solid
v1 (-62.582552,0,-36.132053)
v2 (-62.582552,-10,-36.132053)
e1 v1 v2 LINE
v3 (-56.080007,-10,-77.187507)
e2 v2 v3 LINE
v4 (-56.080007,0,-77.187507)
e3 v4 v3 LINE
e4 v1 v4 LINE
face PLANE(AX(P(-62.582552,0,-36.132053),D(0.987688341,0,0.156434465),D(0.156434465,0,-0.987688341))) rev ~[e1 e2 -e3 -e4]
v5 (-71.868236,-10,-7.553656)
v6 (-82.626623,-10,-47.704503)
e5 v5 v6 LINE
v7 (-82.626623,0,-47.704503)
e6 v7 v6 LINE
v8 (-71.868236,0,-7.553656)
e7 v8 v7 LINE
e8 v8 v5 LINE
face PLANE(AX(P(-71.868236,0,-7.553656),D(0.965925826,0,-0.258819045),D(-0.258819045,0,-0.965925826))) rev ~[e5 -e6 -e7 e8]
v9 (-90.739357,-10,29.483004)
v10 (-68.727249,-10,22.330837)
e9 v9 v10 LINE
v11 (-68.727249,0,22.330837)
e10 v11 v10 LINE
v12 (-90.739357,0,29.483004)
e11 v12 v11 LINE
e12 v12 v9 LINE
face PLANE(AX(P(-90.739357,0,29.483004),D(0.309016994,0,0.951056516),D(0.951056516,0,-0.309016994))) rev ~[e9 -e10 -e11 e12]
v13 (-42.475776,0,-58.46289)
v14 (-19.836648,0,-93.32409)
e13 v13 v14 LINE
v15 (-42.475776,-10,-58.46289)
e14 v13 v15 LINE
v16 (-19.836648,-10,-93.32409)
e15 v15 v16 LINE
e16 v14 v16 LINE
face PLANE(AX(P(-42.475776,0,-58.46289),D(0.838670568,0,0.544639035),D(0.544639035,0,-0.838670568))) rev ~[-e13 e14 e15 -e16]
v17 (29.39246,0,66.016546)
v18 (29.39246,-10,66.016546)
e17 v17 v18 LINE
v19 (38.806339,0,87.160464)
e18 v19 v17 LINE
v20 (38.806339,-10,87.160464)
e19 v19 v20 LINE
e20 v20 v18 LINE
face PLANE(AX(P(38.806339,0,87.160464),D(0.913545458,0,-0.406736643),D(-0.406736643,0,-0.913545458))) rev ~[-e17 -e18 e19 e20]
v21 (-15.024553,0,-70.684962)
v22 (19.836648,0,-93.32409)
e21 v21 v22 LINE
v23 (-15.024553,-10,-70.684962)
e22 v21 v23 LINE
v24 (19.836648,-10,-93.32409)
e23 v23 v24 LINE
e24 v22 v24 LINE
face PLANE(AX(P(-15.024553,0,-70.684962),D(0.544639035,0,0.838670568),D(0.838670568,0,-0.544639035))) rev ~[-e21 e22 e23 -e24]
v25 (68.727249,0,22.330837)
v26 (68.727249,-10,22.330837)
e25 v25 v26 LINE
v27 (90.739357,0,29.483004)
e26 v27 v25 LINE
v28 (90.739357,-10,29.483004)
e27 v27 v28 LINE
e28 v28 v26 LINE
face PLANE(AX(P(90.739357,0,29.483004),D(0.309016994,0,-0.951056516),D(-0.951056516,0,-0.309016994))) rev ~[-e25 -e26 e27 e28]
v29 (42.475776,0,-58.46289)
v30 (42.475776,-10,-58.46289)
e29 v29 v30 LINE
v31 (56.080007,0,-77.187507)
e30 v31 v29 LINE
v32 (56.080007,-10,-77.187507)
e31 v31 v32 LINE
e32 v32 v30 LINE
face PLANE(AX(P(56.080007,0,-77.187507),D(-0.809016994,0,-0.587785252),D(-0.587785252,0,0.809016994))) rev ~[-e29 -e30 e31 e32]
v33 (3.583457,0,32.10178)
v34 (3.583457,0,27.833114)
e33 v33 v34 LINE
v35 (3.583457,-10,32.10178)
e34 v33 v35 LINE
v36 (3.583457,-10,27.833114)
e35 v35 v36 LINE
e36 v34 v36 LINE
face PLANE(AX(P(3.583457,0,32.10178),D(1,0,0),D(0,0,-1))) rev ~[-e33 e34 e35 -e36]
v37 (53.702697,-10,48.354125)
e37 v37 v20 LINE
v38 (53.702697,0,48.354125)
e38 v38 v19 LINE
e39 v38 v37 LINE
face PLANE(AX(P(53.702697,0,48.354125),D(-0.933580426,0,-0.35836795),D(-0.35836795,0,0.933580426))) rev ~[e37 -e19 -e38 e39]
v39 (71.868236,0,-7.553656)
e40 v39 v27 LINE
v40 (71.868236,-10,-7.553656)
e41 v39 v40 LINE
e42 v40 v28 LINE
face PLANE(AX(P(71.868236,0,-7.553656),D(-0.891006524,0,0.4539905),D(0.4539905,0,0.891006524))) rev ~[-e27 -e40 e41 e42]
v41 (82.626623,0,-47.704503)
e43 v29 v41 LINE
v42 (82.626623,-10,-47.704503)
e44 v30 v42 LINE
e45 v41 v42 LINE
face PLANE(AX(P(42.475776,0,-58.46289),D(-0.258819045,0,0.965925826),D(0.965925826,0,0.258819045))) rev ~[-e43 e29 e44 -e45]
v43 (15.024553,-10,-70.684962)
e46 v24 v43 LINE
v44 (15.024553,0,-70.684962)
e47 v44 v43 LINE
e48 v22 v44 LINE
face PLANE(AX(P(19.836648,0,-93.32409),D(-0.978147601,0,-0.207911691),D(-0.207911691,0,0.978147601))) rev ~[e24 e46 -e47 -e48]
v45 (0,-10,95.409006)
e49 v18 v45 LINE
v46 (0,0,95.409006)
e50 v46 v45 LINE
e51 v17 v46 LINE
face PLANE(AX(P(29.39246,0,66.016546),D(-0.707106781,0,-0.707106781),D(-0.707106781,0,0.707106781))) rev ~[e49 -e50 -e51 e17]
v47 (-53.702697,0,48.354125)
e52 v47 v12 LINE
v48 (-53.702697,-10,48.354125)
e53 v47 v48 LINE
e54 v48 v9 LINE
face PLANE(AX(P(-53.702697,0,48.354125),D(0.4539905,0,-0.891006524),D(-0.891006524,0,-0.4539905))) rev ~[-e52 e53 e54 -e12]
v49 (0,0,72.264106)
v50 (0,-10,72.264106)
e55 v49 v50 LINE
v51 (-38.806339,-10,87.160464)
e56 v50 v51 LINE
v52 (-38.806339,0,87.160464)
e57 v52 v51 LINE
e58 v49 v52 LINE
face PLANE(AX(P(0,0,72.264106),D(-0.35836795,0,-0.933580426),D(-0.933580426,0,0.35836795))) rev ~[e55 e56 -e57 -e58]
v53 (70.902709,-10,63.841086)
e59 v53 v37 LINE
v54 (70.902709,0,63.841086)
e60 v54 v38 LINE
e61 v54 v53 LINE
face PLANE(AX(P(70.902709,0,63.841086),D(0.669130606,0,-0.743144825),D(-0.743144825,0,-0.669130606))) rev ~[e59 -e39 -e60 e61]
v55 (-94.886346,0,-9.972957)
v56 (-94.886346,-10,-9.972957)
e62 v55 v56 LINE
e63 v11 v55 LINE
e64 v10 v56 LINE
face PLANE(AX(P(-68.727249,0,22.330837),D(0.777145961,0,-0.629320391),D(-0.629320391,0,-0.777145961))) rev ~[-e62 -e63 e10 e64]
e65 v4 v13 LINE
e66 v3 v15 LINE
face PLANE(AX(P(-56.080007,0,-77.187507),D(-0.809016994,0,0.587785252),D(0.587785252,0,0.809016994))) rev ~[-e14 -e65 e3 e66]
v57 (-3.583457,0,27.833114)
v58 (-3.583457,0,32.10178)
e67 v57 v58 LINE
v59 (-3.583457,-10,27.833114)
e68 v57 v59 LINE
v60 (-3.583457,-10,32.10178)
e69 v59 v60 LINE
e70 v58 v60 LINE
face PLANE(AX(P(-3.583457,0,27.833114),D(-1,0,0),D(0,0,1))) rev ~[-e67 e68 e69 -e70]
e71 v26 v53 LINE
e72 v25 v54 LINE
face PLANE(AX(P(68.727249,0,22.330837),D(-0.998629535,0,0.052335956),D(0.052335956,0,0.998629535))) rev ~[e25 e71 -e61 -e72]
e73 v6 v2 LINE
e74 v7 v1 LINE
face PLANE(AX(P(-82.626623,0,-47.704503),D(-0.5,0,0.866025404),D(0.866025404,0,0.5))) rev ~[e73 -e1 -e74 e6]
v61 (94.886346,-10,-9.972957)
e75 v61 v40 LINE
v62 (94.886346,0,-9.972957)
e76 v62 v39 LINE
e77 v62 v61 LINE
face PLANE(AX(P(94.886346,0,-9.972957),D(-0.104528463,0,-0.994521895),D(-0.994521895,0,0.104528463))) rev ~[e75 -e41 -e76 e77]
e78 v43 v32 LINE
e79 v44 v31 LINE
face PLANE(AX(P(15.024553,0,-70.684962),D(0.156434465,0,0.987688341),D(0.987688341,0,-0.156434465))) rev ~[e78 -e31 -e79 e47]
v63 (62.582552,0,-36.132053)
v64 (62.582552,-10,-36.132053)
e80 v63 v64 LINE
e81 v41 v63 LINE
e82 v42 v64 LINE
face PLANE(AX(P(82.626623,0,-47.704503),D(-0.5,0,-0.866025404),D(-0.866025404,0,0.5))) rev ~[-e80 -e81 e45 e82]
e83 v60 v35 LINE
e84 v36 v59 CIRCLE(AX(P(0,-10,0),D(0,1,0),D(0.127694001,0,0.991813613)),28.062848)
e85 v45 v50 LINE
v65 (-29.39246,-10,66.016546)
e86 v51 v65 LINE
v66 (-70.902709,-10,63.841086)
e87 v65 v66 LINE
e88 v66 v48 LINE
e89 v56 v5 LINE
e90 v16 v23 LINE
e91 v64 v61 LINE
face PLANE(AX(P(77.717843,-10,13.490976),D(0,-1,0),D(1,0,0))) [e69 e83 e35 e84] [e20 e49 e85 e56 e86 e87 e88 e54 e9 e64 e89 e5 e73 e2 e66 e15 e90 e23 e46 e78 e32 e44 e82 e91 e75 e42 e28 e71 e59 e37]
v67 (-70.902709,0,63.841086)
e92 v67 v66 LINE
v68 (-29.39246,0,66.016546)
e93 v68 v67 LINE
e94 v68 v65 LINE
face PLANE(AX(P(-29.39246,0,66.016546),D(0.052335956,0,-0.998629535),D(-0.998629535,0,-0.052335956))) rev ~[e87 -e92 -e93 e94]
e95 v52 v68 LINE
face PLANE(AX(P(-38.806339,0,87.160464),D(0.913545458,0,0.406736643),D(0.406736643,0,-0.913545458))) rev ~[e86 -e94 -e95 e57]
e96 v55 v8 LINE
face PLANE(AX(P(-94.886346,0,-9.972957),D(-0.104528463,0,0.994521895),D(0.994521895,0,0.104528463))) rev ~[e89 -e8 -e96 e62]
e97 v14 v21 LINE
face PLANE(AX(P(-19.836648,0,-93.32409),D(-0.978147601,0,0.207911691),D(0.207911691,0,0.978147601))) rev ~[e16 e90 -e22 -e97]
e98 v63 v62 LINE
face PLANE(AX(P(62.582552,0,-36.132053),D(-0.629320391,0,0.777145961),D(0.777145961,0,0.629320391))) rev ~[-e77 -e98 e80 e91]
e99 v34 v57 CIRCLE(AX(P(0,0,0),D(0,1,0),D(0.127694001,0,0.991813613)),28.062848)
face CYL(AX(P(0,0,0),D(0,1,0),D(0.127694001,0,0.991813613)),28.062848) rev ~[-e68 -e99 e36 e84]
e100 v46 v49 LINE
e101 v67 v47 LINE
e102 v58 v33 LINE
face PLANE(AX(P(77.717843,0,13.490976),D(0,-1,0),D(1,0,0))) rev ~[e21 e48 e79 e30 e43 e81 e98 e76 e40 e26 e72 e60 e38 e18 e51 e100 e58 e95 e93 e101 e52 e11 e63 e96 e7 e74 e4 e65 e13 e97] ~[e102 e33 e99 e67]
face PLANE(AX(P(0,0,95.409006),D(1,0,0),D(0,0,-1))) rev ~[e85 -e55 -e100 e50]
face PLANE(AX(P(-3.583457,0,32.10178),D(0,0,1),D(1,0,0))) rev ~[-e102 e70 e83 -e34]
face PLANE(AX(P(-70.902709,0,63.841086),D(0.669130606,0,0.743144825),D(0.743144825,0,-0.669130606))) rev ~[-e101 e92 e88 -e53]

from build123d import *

# Parameters (mm, degrees)
F1_DEPTH = 10


with BuildPart() as f1:
    # F0 (on Front) → F1 (new body)
    with BuildSketch(Plane.XZ):
        with BuildLine():
            ThreePointArc((68.7216376731, 22.2237625256), (71.3443445379, 11.2491603119), (72.2257509845, 0))
            ThreePointArc((72.2257509845, 0), (72.1267681029, -3.7800037431), (71.8300907635, -7.5496467588))
            Line((71.8300907635, -7.5496467588), (71.8682359795, -7.5536559825))
            Line((71.8682359795, -7.5536559825), (90.7393569571, 29.4830042989))
            Line((90.7393569571, 29.4830042989), (68.7272492051, 22.3308369347))
            Line((68.7272492051, 22.3308369347), (68.7216376731, 22.2237625256))
        make_face()
        with BuildLine():
            ThreePointArc((68.6907711181, 22.3189844857), (68.706220892, 22.271378853), (68.7216376731, 22.2237625256))
            Line((68.7216376731, 22.2237625256), (68.7272492051, 22.3308369347))
            Line((68.7272492051, 22.3308369347), (68.6907711181, 22.3189844857))
        make_face()
        with BuildLine():
            Line((71.8682359795, -7.5536559825), (71.8300907635, -7.5496467588))
            ThreePointArc((71.8300907635, -7.5496467588), (71.824841879, -7.5994206574), (71.8195585042, -7.6491909069))
            Line((71.8195585042, -7.6491909069), (71.8682359795, -7.5536559825))
        make_face()
        with BuildLine():
            ThreePointArc((53.7411213719, 48.2540255208), (62.5743450868, 36.0695223455), (68.6907711181, 22.3189844857))
            Line((68.6907711181, 22.3189844857), (68.7272492051, 22.3308369347))
            Line((68.7272492051, 22.3308369347), (70.9027091813, 63.8410860985))
            Line((70.9027091813, 63.8410860985), (53.7026966757, 48.3541252765))
            Line((53.7026966757, 48.3541252765), (53.7411213719, 48.2540255208))
        make_face()
        with BuildLine():
            Line((71.8682359795, -7.5536559825), (71.8195585042, -7.6491909069))
            ThreePointArc((71.8195585042, -7.6491909069), (68.6752883589, -22.3665794008), (62.54933516, -36.1128754922))
            Line((62.54933516, -36.1128754922), (62.5825518506, -36.1320531575))
            Line((62.5825518506, -36.1320531575), (94.8863455739, -9.9729567887))
            Line((94.8863455739, -9.9729567887), (71.8682359795, -7.5536559825))
        make_face()
        with BuildLine():
            ThreePointArc((53.6741931103, 48.328460551), (53.7076701363, 48.2912546306), (53.7411213719, 48.2540255208))
            Line((53.7411213719, 48.2540255208), (53.7026966757, 48.3541252765))
            Line((53.7026966757, 48.3541252765), (53.6741931103, 48.328460551))
        make_face()
        with BuildLine():
            Line((62.5825518506, -36.1320531575), (62.54933516, -36.1128754922))
            ThreePointArc((62.54933516, -36.1128754922), (62.5242951969, -36.1562112976), (62.4992252097, -36.1995297408))
            Line((62.4992252097, -36.1995297408), (62.5825518506, -36.1320531575))
        make_face()
        with BuildLine():
            ThreePointArc((29.4682769627, 65.9407291294), (42.4937122829, 58.4024273613), (53.6741931103, 48.328460551))
            Line((53.6741931103, 48.328460551), (53.7026966757, 48.3541252765))
            Line((53.7026966757, 48.3541252765), (38.8063388571, 87.1604641336))
            Line((38.8063388571, 87.1604641336), (29.3924600174, 66.0165460747))
            Line((29.3924600174, 66.0165460747), (29.4682769627, 65.9407291294))
        make_face()
        with BuildLine():
            Line((62.5825518506, -36.1320531575), (62.4992252097, -36.1995297408))
            ThreePointArc((62.4992252097, -36.1995297408), (53.64069031, -48.365643264), (42.4532312644, -58.4318599779))
            Line((42.4532312644, -58.4318599779), (42.4757759621, -58.4628900922))
            Line((42.4757759621, -58.4628900922), (82.6266230256, -47.7045030461))
            Line((82.6266230256, -47.7045030461), (62.5825518506, -36.1320531575))
        make_face()
        with BuildLine():
            ThreePointArc((29.3768594991, 65.9815067367), (29.4225752952, 65.9611337703), (29.4682769627, 65.9407291294))
            Line((29.4682769627, 65.9407291294), (29.3924600174, 66.0165460747))
            Line((29.3924600174, 66.0165460747), (29.3768594991, 65.9815067367))
        make_face()
        with BuildLine():
            Line((42.4757759621, -58.4628900922), (42.4532312644, -58.4318599779))
            ThreePointArc((42.4532312644, -58.4318599779), (42.4127298599, -58.4612645356), (42.3722080888, -58.4906410201))
            Line((42.3722080888, -58.4906410201), (42.4757759621, -58.4628900922))
        make_face()
        with BuildLine():
            ThreePointArc((0.1000997557, 72.2256816189), (15.065530582, 70.637022117), (29.3768594991, 65.9815067367))
            Line((29.3768594991, 65.9815067367), (29.3924600174, 66.0165460747))
            Line((29.3924600174, 66.0165460747), (0, 95.4090060921))
            Line((0, 95.4090060921), (0, 72.264106315))
            Line((0, 72.264106315), (0.1000997557, 72.2256816189))
        make_face()
        with BuildLine():
            Line((42.4757759621, -58.4628900922), (42.3722080888, -58.4906410201))
            ThreePointArc((42.3722080888, -58.4906410201), (29.3311295961, -66.0018480187), (15.0165780078, -70.6474450367))
            Line((15.0165780078, -70.6474450367), (15.0245525294, -70.6849622112))
            Line((15.0245525294, -70.6849622112), (56.0800067168, -77.1875073449))
            Line((56.0800067168, -77.1875073449), (42.4757759621, -58.4628900922))
        make_face()
        with BuildLine():
            ThreePointArc((0, 72.2257509845), (0.0500498899, 72.2257336431), (0.1000997557, 72.2256816189))
            Line((0.1000997557, 72.2256816189), (0, 72.264106315))
            Line((0, 72.264106315), (0, 72.2257509845))
        make_face()
        with BuildLine():
            Line((15.0245525294, -70.6849622112), (15.0165780078, -70.6474450367))
            ThreePointArc((15.0165780078, -70.6474450367), (14.9676182226, -70.6578340314), (14.91865125, -70.6681890963))
            Line((14.91865125, -70.6681890963), (15.0245525294, -70.6849622112))
        make_face()
        with BuildLine():
            ThreePointArc((-29.2853856084, 66.0221576067), (-14.9676182226, 70.6578340314), (0, 72.2257509845))
            Line((0, 72.2257509845), (0, 72.264106315))
            Line((0, 72.264106315), (-38.8063388571, 87.1604641336))
            Line((-38.8063388571, 87.1604641336), (-29.3924600174, 66.0165460747))
            Line((-29.3924600174, 66.0165460747), (-29.2853856084, 66.0221576067))
        make_face()
        with BuildLine():
            Line((15.0245525294, -70.6849622112), (14.91865125, -70.6681890963))
            ThreePointArc((14.91865125, -70.6681890963), (-0.0500498899, -72.2257336431), (-15.0165780078, -70.6474450367))
            Line((-15.0165780078, -70.6474450367), (-15.0245525294, -70.6849622112))
            Line((-15.0245525294, -70.6849622112), (19.8366477759, -93.3240903974))
            Line((19.8366477759, -93.3240903974), (15.0245525294, -70.6849622112))
        make_face()
        with BuildLine():
            ThreePointArc((-29.3768594991, 65.9815067367), (-29.3311295961, 66.0018480187), (-29.2853856084, 66.0221576067))
            Line((-29.2853856084, 66.0221576067), (-29.3924600174, 66.0165460747))
            Line((-29.3924600174, 66.0165460747), (-29.3768594991, 65.9815067367))
        make_face()
        with BuildLine():
            Line((-15.0245525294, -70.6849622112), (-15.0165780078, -70.6474450367))
            ThreePointArc((-15.0165780078, -70.6474450367), (-15.065530582, -70.637022117), (-15.1144759217, -70.6265652774))
            Line((-15.1144759217, -70.6265652774), (-15.0245525294, -70.6849622112))
        make_face()
        with BuildLine():
            ThreePointArc((-53.6071617514, 48.4028027518), (-42.4127298599, 58.4612645356), (-29.3768594991, 65.9815067367))
            Line((-29.3768594991, 65.9815067367), (-29.3924600174, 66.0165460747))
            Line((-29.3924600174, 66.0165460747), (-70.9027091813, 63.8410860985))
            Line((-70.9027091813, 63.8410860985), (-53.7026966757, 48.3541252765))
            Line((-53.7026966757, 48.3541252765), (-53.6071617514, 48.4028027518))
        make_face()
        with BuildLine():
            Line((-15.0245525294, -70.6849622112), (-15.1144759217, -70.6265652774))
            ThreePointArc((-15.1144759217, -70.6265652774), (-29.4225752952, -65.9611337703), (-42.4532312644, -58.4318599779))
            Line((-42.4532312644, -58.4318599779), (-42.4757759621, -58.4628900922))
            Line((-42.4757759621, -58.4628900922), (-19.8366477759, -93.3240903974))
            Line((-19.8366477759, -93.3240903974), (-15.0245525294, -70.6849622112))
        make_face()
        with BuildLine():
            ThreePointArc((-53.6741931103, 48.328460551), (-53.64069031, 48.365643264), (-53.6071617514, 48.4028027518))
            Line((-53.6071617514, 48.4028027518), (-53.7026966757, 48.3541252765))
            Line((-53.7026966757, 48.3541252765), (-53.6741931103, 48.328460551))
        make_face()
        with BuildLine():
            Line((-42.4757759621, -58.4628900922), (-42.4532312644, -58.4318599779))
            ThreePointArc((-42.4532312644, -58.4318599779), (-42.4937122829, -58.4024273613), (-42.5341728958, -58.3729666998))
            Line((-42.5341728958, -58.3729666998), (-42.4757759621, -58.4628900922))
        make_face()
        with BuildLine():
            ThreePointArc((-68.6597726218, 22.4141635755), (-62.5242951969, 36.1562112976), (-53.6741931103, 48.328460551))
            Line((-53.6741931103, 48.328460551), (-53.7026966757, 48.3541252765))
            Line((-53.7026966757, 48.3541252765), (-90.7393569571, 29.4830042989))
            Line((-90.7393569571, 29.4830042989), (-68.7272492051, 22.3308369347))
            Line((-68.7272492051, 22.3308369347), (-68.6597726218, 22.4141635755))
        make_face()
        with BuildLine():
            Line((-42.4757759621, -58.4628900922), (-42.5341728958, -58.3729666998))
            ThreePointArc((-42.5341728958, -58.3729666998), (-53.7076701363, -48.2912546306), (-62.54933516, -36.1128754922))
            Line((-62.54933516, -36.1128754922), (-62.5825518506, -36.1320531575))
            Line((-62.5825518506, -36.1320531575), (-56.0800067168, -77.1875073449))
            Line((-56.0800067168, -77.1875073449), (-42.4757759621, -58.4628900922))
        make_face()
        with BuildLine():
            ThreePointArc((-68.6907711181, 22.3189844857), (-68.6752883589, 22.3665794008), (-68.6597726218, 22.4141635755))
            Line((-68.6597726218, 22.4141635755), (-68.7272492051, 22.3308369347))
            Line((-68.7272492051, 22.3308369347), (-68.6907711181, 22.3189844857))
        make_face()
        with BuildLine():
            Line((-62.5825518506, -36.1320531575), (-62.54933516, -36.1128754922))
            ThreePointArc((-62.54933516, -36.1128754922), (-62.5743450868, -36.0695223455), (-62.5993249654, -36.0261518781))
            Line((-62.5993249654, -36.0261518781), (-62.5825518506, -36.1320531575))
        make_face()
        with BuildLine():
            ThreePointArc((-71.8404850515, -7.4500881093), (-71.824841879, 7.5994206574), (-68.6907711181, 22.3189844857))
            Line((-68.6907711181, 22.3189844857), (-68.7272492051, 22.3308369347))
            Line((-68.7272492051, 22.3308369347), (-94.8863455739, -9.9729567887))
            Line((-94.8863455739, -9.9729567887), (-71.8682359795, -7.5536559825))
            Line((-71.8682359795, -7.5536559825), (-71.8404850515, -7.4500881093))
        make_face()
        with BuildLine():
            Line((-62.5825518506, -36.1320531575), (-62.5993249654, -36.0261518781))
            ThreePointArc((-62.5993249654, -36.0261518781), (-68.706220892, -22.271378853), (-71.8300907635, -7.5496467588))
            Line((-71.8300907635, -7.5496467588), (-71.8682359795, -7.5536559825))
            Line((-71.8682359795, -7.5536559825), (-82.6266230256, -47.7045030461))
            Line((-82.6266230256, -47.7045030461), (-62.5825518506, -36.1320531575))
        make_face()
        with BuildLine():
            ThreePointArc((-71.8300907635, -7.5496467588), (-71.8353051551, -7.4998692348), (-71.8404850515, -7.4500881093))
            Line((-71.8404850515, -7.4500881093), (-71.8682359795, -7.5536559825))
            Line((-71.8682359795, -7.5536559825), (-71.8300907635, -7.5496467588))
        make_face()
        with BuildLine():
            ThreePointArc((71.8300907635, -7.5496467588), (72.1267681029, -3.7800037431), (72.2257509845, 0))
            ThreePointArc((72.2257509845, 0), (71.3443445379, 11.2491603119), (68.7216376731, 22.2237625256))
            ThreePointArc((68.7216376731, 22.2237625256), (68.706220892, 22.271378853), (68.6907711181, 22.3189844857))
            ThreePointArc((68.6907711181, 22.3189844857), (62.5743450868, 36.0695223455), (53.7411213719, 48.2540255208))
            ThreePointArc((53.7411213719, 48.2540255208), (53.7076701363, 48.2912546306), (53.6741931103, 48.328460551))
            ThreePointArc((53.6741931103, 48.328460551), (42.4937122829, 58.4024273613), (29.4682769627, 65.9407291294))
            ThreePointArc((29.4682769627, 65.9407291294), (29.4225752952, 65.9611337703), (29.3768594991, 65.9815067367))
            ThreePointArc((29.3768594991, 65.9815067367), (15.065530582, 70.637022117), (0.1000997557, 72.2256816189))
            ThreePointArc((0.1000997557, 72.2256816189), (0.0500498899, 72.2257336431), (0, 72.2257509845))
            ThreePointArc((0, 72.2257509845), (-14.9676182226, 70.6578340314), (-29.2853856084, 66.0221576067))
            ThreePointArc((-29.2853856084, 66.0221576067), (-29.3311295961, 66.0018480187), (-29.3768594991, 65.9815067367))
            ThreePointArc((-29.3768594991, 65.9815067367), (-42.4127298599, 58.4612645356), (-53.6071617514, 48.4028027518))
            ThreePointArc((-53.6071617514, 48.4028027518), (-53.64069031, 48.365643264), (-53.6741931103, 48.328460551))
            ThreePointArc((-53.6741931103, 48.328460551), (-62.5242951969, 36.1562112976), (-68.6597726218, 22.4141635755))
            ThreePointArc((-68.6597726218, 22.4141635755), (-68.6752883589, 22.3665794008), (-68.6907711181, 22.3189844857))
            ThreePointArc((-68.6907711181, 22.3189844857), (-71.824841879, 7.5994206574), (-71.8404850515, -7.4500881093))
            ThreePointArc((-71.8404850515, -7.4500881093), (-71.8353051551, -7.4998692348), (-71.8300907635, -7.5496467588))
            ThreePointArc((-71.8300907635, -7.5496467588), (-68.706220892, -22.271378853), (-62.5993249654, -36.0261518781))
            ThreePointArc((-62.5993249654, -36.0261518781), (-62.5743450868, -36.0695223455), (-62.54933516, -36.1128754922))
            ThreePointArc((-62.54933516, -36.1128754922), (-53.7076701363, -48.2912546306), (-42.5341728958, -58.3729666998))
            ThreePointArc((-42.5341728958, -58.3729666998), (-42.4937122829, -58.4024273613), (-42.4532312644, -58.4318599779))
            ThreePointArc((-42.4532312644, -58.4318599779), (-29.4225752952, -65.9611337703), (-15.1144759217, -70.6265652774))
            ThreePointArc((-15.1144759217, -70.6265652774), (-15.065530582, -70.637022117), (-15.0165780078, -70.6474450367))
            ThreePointArc((-15.0165780078, -70.6474450367), (-0.0500498899, -72.2257336431), (14.91865125, -70.6681890963))
            ThreePointArc((14.91865125, -70.6681890963), (14.9676182226, -70.6578340314), (15.0165780078, -70.6474450367))
            ThreePointArc((15.0165780078, -70.6474450367), (29.3311295961, -66.0018480187), (42.3722080888, -58.4906410201))
            ThreePointArc((42.3722080888, -58.4906410201), (42.4127298599, -58.4612645356), (42.4532312644, -58.4318599779))
            ThreePointArc((42.4532312644, -58.4318599779), (53.64069031, -48.365643264), (62.4992252097, -36.1995297408))
            ThreePointArc((62.4992252097, -36.1995297408), (62.5242951969, -36.1562112976), (62.54933516, -36.1128754922))
            ThreePointArc((62.54933516, -36.1128754922), (68.6752883589, -22.3665794008), (71.8195585042, -7.6491909069))
            ThreePointArc((71.8195585042, -7.6491909069), (71.824841879, -7.5994206574), (71.8300907635, -7.5496467588))
        make_face()
        with BuildLine():
            ThreePointArc((3.5834573209, 27.8331144006), (0, -28.0628477458), (-3.5834573209, 27.8331144006))
            Line((-3.5834573209, 27.8331144006), (-3.5834573209, 32.1017801762))
            Line((-3.5834573209, 32.1017801762), (3.5834573209, 32.1017801762))
            Line((3.5834573209, 32.1017801762), (3.5834573209, 27.8331144006))
        make_face(mode=Mode.SUBTRACT)
    extrude(amount=F1_DEPTH)


solid = f1.part
